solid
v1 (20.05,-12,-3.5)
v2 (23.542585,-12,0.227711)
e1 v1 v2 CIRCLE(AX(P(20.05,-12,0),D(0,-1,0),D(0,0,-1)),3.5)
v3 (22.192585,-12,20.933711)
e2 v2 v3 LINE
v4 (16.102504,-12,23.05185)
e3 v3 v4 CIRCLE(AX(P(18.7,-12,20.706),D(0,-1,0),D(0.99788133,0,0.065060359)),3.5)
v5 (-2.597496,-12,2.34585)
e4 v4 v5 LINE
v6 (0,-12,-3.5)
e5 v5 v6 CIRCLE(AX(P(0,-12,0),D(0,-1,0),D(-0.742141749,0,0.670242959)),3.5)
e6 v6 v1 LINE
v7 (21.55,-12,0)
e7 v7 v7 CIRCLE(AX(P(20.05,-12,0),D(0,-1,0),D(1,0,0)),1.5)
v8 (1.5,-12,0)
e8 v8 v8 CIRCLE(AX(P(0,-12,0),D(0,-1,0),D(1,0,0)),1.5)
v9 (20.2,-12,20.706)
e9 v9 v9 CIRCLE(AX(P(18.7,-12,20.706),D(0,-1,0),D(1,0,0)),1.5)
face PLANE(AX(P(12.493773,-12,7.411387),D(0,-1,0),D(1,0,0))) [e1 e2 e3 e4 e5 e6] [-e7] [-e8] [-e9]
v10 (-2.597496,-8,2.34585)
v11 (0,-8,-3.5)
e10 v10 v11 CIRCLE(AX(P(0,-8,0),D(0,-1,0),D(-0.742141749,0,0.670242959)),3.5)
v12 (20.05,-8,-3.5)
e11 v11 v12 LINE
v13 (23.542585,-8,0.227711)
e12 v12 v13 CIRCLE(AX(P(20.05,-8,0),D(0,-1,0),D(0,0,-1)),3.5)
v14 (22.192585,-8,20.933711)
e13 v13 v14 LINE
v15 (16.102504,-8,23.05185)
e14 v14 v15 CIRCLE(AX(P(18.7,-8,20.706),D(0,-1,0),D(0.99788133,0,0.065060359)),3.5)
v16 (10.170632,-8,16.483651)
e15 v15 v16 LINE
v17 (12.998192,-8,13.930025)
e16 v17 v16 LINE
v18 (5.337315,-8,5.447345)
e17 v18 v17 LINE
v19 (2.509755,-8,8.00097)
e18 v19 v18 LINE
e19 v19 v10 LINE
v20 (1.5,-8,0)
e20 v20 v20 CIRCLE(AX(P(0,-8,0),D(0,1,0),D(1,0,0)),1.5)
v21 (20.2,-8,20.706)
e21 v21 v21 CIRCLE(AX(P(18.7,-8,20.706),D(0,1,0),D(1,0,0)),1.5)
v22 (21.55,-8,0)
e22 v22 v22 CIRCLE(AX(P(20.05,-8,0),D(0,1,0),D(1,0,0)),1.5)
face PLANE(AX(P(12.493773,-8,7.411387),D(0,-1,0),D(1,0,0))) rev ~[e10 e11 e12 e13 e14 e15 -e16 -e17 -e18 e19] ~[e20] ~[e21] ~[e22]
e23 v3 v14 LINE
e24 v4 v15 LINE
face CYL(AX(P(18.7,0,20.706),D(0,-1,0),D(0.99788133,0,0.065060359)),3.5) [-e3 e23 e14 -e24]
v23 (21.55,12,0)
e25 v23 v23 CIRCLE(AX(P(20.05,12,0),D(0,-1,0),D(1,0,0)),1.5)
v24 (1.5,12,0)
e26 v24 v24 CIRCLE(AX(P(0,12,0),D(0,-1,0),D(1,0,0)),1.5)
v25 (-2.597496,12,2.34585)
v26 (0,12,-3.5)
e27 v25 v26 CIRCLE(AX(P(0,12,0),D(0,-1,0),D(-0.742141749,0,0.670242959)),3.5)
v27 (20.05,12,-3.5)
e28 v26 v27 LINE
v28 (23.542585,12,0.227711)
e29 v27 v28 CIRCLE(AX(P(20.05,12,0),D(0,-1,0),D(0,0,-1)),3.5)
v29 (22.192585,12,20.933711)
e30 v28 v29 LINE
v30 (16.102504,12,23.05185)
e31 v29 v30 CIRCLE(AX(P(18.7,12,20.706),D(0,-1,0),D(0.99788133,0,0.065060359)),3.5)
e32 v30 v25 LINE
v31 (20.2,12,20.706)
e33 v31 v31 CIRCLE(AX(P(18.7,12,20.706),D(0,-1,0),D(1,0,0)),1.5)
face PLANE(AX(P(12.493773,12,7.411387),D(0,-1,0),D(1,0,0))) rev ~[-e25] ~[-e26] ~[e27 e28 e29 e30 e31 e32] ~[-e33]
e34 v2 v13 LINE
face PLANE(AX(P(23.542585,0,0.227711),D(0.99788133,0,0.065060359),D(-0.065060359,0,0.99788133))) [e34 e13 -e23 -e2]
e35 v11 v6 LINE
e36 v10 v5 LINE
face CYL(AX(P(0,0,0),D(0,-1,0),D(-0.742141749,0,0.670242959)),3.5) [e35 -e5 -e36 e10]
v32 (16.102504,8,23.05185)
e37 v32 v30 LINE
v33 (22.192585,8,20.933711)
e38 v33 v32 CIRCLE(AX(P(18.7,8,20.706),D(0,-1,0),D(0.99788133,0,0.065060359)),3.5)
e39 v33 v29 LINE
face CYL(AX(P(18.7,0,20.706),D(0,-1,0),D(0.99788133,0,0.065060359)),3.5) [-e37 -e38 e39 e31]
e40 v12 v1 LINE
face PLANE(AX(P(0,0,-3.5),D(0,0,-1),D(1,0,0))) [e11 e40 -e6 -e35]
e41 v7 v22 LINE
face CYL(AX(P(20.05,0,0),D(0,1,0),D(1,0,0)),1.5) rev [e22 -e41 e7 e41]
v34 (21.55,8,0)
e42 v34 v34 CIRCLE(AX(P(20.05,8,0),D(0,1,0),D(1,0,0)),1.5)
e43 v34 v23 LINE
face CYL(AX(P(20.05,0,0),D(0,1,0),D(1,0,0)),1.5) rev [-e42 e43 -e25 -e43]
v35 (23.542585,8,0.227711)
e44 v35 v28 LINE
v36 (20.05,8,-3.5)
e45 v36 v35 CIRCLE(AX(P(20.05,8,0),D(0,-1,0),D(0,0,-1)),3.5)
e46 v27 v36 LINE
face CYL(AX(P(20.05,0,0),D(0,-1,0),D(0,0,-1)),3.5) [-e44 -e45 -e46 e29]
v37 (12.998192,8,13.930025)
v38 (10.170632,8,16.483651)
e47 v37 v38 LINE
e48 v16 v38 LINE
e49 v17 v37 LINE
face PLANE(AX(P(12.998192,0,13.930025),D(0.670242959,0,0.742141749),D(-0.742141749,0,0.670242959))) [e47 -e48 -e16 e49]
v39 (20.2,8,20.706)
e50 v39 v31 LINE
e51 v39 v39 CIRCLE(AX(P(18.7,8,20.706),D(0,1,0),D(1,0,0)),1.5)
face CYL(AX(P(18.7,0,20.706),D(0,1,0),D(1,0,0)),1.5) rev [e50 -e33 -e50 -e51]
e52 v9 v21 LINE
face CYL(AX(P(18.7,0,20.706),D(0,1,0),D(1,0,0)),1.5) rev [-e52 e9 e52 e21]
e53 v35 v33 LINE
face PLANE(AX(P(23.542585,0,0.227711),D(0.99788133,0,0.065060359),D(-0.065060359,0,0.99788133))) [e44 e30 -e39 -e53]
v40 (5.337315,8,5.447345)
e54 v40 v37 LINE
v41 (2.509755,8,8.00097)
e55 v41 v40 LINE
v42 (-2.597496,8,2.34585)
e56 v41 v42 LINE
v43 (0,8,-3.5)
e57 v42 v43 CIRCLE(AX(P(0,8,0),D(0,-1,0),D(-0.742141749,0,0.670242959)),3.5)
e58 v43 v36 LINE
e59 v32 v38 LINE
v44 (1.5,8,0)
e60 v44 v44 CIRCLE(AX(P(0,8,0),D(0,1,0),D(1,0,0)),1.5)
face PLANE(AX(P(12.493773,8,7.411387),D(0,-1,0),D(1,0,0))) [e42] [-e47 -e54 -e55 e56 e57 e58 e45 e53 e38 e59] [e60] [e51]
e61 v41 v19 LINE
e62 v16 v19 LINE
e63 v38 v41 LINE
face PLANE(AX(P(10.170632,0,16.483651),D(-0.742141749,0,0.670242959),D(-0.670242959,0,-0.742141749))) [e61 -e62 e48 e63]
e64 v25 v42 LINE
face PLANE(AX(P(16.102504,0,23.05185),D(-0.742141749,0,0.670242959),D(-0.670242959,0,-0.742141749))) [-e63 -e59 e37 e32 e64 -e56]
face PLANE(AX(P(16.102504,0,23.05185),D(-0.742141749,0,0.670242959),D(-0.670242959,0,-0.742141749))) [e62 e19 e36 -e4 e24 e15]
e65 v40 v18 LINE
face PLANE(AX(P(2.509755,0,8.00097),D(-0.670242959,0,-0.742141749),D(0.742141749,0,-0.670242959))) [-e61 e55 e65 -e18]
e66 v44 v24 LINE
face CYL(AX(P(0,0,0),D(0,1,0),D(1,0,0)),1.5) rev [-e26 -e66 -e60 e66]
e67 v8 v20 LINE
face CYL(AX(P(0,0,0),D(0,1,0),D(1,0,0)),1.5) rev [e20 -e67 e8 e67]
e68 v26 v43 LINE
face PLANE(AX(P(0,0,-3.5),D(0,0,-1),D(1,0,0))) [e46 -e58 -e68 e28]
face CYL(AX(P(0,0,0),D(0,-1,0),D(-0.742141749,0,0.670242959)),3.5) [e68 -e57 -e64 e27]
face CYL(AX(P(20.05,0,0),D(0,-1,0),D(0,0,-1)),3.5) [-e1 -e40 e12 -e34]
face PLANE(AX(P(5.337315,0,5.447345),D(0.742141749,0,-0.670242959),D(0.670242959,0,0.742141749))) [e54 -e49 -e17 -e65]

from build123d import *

# Parameters (mm, degrees)
F0_R     = 1.5
F1_DEPTH = 12
F4_DEPTH = 8
F5_DEPTH = 8


with BuildPart() as f1:
    # F0 (on Front) → F1 (new body, symmetric)
    with BuildSketch(Plane.XZ):
        with BuildLine():
            Line((16.1025038779, 23.0518503566), (-2.5974961221, 2.3458503566))
            ThreePointArc((-2.5974961221, 2.3458503566), (-3.1984743432, -1.4211832661), (0, -3.5))
            Line((0, -3.5), (20.05, -3.5))
            ThreePointArc((20.05, -3.5), (22.6041132903, -2.3930117635), (23.5425846566, 0.2277112569))
            Line((23.5425846566, 0.2277112569), (22.1925846566, 20.9337112569))
            ThreePointArc((22.1925846566, 20.9337112569), (19.8497496173, 24.0117640293), (16.1025038779, 23.0518503566))
        make_face()
        Circle(F0_R, mode=Mode.SUBTRACT)
        with Locations((20.05, 0)):
            Circle(F0_R, mode=Mode.SUBTRACT)
        with Locations((18.7, 20.706)):
            Circle(F0_R, mode=Mode.SUBTRACT)
    extrude(amount=F1_DEPTH, both=True)

    # F3 (on Front) → F4 (cut, symmetric)
    with BuildSketch(Plane.XZ):
        with BuildLine():
            ThreePointArc((-2.5974961221, 2.3458503566), (-3.1984743432, -1.4211832661), (0, -3.5))
            Line((0, -3.5), (20.05, -3.5))
            ThreePointArc((20.05, -3.5), (22.6041132903, -2.3930117635), (23.5425846566, 0.2277112569))
            Line((23.5425846566, 0.2277112569), (22.1925846566, 20.9337112569))
            ThreePointArc((22.1925846566, 20.9337112569), (19.8497496173, 24.0117640293), (16.1025038779, 23.0518503566))
            Line((16.1025038779, 23.0518503566), (-2.5974961221, 2.3458503566))
        make_face()
    extrude(amount=F4_DEPTH, both=True, mode=Mode.SUBTRACT)

    # F2 (on Front) → F5 (join, symmetric)
    with BuildSketch(Plane.XZ):
        Polygon((10.1706322474, 16.4836506784), (2.5097552257, 8.0009704853), (5.33731529, 5.4473448114), (12.9981923117, 13.9300250045), align=None)
    extrude(amount=F5_DEPTH, both=True)


solid = f1.part
